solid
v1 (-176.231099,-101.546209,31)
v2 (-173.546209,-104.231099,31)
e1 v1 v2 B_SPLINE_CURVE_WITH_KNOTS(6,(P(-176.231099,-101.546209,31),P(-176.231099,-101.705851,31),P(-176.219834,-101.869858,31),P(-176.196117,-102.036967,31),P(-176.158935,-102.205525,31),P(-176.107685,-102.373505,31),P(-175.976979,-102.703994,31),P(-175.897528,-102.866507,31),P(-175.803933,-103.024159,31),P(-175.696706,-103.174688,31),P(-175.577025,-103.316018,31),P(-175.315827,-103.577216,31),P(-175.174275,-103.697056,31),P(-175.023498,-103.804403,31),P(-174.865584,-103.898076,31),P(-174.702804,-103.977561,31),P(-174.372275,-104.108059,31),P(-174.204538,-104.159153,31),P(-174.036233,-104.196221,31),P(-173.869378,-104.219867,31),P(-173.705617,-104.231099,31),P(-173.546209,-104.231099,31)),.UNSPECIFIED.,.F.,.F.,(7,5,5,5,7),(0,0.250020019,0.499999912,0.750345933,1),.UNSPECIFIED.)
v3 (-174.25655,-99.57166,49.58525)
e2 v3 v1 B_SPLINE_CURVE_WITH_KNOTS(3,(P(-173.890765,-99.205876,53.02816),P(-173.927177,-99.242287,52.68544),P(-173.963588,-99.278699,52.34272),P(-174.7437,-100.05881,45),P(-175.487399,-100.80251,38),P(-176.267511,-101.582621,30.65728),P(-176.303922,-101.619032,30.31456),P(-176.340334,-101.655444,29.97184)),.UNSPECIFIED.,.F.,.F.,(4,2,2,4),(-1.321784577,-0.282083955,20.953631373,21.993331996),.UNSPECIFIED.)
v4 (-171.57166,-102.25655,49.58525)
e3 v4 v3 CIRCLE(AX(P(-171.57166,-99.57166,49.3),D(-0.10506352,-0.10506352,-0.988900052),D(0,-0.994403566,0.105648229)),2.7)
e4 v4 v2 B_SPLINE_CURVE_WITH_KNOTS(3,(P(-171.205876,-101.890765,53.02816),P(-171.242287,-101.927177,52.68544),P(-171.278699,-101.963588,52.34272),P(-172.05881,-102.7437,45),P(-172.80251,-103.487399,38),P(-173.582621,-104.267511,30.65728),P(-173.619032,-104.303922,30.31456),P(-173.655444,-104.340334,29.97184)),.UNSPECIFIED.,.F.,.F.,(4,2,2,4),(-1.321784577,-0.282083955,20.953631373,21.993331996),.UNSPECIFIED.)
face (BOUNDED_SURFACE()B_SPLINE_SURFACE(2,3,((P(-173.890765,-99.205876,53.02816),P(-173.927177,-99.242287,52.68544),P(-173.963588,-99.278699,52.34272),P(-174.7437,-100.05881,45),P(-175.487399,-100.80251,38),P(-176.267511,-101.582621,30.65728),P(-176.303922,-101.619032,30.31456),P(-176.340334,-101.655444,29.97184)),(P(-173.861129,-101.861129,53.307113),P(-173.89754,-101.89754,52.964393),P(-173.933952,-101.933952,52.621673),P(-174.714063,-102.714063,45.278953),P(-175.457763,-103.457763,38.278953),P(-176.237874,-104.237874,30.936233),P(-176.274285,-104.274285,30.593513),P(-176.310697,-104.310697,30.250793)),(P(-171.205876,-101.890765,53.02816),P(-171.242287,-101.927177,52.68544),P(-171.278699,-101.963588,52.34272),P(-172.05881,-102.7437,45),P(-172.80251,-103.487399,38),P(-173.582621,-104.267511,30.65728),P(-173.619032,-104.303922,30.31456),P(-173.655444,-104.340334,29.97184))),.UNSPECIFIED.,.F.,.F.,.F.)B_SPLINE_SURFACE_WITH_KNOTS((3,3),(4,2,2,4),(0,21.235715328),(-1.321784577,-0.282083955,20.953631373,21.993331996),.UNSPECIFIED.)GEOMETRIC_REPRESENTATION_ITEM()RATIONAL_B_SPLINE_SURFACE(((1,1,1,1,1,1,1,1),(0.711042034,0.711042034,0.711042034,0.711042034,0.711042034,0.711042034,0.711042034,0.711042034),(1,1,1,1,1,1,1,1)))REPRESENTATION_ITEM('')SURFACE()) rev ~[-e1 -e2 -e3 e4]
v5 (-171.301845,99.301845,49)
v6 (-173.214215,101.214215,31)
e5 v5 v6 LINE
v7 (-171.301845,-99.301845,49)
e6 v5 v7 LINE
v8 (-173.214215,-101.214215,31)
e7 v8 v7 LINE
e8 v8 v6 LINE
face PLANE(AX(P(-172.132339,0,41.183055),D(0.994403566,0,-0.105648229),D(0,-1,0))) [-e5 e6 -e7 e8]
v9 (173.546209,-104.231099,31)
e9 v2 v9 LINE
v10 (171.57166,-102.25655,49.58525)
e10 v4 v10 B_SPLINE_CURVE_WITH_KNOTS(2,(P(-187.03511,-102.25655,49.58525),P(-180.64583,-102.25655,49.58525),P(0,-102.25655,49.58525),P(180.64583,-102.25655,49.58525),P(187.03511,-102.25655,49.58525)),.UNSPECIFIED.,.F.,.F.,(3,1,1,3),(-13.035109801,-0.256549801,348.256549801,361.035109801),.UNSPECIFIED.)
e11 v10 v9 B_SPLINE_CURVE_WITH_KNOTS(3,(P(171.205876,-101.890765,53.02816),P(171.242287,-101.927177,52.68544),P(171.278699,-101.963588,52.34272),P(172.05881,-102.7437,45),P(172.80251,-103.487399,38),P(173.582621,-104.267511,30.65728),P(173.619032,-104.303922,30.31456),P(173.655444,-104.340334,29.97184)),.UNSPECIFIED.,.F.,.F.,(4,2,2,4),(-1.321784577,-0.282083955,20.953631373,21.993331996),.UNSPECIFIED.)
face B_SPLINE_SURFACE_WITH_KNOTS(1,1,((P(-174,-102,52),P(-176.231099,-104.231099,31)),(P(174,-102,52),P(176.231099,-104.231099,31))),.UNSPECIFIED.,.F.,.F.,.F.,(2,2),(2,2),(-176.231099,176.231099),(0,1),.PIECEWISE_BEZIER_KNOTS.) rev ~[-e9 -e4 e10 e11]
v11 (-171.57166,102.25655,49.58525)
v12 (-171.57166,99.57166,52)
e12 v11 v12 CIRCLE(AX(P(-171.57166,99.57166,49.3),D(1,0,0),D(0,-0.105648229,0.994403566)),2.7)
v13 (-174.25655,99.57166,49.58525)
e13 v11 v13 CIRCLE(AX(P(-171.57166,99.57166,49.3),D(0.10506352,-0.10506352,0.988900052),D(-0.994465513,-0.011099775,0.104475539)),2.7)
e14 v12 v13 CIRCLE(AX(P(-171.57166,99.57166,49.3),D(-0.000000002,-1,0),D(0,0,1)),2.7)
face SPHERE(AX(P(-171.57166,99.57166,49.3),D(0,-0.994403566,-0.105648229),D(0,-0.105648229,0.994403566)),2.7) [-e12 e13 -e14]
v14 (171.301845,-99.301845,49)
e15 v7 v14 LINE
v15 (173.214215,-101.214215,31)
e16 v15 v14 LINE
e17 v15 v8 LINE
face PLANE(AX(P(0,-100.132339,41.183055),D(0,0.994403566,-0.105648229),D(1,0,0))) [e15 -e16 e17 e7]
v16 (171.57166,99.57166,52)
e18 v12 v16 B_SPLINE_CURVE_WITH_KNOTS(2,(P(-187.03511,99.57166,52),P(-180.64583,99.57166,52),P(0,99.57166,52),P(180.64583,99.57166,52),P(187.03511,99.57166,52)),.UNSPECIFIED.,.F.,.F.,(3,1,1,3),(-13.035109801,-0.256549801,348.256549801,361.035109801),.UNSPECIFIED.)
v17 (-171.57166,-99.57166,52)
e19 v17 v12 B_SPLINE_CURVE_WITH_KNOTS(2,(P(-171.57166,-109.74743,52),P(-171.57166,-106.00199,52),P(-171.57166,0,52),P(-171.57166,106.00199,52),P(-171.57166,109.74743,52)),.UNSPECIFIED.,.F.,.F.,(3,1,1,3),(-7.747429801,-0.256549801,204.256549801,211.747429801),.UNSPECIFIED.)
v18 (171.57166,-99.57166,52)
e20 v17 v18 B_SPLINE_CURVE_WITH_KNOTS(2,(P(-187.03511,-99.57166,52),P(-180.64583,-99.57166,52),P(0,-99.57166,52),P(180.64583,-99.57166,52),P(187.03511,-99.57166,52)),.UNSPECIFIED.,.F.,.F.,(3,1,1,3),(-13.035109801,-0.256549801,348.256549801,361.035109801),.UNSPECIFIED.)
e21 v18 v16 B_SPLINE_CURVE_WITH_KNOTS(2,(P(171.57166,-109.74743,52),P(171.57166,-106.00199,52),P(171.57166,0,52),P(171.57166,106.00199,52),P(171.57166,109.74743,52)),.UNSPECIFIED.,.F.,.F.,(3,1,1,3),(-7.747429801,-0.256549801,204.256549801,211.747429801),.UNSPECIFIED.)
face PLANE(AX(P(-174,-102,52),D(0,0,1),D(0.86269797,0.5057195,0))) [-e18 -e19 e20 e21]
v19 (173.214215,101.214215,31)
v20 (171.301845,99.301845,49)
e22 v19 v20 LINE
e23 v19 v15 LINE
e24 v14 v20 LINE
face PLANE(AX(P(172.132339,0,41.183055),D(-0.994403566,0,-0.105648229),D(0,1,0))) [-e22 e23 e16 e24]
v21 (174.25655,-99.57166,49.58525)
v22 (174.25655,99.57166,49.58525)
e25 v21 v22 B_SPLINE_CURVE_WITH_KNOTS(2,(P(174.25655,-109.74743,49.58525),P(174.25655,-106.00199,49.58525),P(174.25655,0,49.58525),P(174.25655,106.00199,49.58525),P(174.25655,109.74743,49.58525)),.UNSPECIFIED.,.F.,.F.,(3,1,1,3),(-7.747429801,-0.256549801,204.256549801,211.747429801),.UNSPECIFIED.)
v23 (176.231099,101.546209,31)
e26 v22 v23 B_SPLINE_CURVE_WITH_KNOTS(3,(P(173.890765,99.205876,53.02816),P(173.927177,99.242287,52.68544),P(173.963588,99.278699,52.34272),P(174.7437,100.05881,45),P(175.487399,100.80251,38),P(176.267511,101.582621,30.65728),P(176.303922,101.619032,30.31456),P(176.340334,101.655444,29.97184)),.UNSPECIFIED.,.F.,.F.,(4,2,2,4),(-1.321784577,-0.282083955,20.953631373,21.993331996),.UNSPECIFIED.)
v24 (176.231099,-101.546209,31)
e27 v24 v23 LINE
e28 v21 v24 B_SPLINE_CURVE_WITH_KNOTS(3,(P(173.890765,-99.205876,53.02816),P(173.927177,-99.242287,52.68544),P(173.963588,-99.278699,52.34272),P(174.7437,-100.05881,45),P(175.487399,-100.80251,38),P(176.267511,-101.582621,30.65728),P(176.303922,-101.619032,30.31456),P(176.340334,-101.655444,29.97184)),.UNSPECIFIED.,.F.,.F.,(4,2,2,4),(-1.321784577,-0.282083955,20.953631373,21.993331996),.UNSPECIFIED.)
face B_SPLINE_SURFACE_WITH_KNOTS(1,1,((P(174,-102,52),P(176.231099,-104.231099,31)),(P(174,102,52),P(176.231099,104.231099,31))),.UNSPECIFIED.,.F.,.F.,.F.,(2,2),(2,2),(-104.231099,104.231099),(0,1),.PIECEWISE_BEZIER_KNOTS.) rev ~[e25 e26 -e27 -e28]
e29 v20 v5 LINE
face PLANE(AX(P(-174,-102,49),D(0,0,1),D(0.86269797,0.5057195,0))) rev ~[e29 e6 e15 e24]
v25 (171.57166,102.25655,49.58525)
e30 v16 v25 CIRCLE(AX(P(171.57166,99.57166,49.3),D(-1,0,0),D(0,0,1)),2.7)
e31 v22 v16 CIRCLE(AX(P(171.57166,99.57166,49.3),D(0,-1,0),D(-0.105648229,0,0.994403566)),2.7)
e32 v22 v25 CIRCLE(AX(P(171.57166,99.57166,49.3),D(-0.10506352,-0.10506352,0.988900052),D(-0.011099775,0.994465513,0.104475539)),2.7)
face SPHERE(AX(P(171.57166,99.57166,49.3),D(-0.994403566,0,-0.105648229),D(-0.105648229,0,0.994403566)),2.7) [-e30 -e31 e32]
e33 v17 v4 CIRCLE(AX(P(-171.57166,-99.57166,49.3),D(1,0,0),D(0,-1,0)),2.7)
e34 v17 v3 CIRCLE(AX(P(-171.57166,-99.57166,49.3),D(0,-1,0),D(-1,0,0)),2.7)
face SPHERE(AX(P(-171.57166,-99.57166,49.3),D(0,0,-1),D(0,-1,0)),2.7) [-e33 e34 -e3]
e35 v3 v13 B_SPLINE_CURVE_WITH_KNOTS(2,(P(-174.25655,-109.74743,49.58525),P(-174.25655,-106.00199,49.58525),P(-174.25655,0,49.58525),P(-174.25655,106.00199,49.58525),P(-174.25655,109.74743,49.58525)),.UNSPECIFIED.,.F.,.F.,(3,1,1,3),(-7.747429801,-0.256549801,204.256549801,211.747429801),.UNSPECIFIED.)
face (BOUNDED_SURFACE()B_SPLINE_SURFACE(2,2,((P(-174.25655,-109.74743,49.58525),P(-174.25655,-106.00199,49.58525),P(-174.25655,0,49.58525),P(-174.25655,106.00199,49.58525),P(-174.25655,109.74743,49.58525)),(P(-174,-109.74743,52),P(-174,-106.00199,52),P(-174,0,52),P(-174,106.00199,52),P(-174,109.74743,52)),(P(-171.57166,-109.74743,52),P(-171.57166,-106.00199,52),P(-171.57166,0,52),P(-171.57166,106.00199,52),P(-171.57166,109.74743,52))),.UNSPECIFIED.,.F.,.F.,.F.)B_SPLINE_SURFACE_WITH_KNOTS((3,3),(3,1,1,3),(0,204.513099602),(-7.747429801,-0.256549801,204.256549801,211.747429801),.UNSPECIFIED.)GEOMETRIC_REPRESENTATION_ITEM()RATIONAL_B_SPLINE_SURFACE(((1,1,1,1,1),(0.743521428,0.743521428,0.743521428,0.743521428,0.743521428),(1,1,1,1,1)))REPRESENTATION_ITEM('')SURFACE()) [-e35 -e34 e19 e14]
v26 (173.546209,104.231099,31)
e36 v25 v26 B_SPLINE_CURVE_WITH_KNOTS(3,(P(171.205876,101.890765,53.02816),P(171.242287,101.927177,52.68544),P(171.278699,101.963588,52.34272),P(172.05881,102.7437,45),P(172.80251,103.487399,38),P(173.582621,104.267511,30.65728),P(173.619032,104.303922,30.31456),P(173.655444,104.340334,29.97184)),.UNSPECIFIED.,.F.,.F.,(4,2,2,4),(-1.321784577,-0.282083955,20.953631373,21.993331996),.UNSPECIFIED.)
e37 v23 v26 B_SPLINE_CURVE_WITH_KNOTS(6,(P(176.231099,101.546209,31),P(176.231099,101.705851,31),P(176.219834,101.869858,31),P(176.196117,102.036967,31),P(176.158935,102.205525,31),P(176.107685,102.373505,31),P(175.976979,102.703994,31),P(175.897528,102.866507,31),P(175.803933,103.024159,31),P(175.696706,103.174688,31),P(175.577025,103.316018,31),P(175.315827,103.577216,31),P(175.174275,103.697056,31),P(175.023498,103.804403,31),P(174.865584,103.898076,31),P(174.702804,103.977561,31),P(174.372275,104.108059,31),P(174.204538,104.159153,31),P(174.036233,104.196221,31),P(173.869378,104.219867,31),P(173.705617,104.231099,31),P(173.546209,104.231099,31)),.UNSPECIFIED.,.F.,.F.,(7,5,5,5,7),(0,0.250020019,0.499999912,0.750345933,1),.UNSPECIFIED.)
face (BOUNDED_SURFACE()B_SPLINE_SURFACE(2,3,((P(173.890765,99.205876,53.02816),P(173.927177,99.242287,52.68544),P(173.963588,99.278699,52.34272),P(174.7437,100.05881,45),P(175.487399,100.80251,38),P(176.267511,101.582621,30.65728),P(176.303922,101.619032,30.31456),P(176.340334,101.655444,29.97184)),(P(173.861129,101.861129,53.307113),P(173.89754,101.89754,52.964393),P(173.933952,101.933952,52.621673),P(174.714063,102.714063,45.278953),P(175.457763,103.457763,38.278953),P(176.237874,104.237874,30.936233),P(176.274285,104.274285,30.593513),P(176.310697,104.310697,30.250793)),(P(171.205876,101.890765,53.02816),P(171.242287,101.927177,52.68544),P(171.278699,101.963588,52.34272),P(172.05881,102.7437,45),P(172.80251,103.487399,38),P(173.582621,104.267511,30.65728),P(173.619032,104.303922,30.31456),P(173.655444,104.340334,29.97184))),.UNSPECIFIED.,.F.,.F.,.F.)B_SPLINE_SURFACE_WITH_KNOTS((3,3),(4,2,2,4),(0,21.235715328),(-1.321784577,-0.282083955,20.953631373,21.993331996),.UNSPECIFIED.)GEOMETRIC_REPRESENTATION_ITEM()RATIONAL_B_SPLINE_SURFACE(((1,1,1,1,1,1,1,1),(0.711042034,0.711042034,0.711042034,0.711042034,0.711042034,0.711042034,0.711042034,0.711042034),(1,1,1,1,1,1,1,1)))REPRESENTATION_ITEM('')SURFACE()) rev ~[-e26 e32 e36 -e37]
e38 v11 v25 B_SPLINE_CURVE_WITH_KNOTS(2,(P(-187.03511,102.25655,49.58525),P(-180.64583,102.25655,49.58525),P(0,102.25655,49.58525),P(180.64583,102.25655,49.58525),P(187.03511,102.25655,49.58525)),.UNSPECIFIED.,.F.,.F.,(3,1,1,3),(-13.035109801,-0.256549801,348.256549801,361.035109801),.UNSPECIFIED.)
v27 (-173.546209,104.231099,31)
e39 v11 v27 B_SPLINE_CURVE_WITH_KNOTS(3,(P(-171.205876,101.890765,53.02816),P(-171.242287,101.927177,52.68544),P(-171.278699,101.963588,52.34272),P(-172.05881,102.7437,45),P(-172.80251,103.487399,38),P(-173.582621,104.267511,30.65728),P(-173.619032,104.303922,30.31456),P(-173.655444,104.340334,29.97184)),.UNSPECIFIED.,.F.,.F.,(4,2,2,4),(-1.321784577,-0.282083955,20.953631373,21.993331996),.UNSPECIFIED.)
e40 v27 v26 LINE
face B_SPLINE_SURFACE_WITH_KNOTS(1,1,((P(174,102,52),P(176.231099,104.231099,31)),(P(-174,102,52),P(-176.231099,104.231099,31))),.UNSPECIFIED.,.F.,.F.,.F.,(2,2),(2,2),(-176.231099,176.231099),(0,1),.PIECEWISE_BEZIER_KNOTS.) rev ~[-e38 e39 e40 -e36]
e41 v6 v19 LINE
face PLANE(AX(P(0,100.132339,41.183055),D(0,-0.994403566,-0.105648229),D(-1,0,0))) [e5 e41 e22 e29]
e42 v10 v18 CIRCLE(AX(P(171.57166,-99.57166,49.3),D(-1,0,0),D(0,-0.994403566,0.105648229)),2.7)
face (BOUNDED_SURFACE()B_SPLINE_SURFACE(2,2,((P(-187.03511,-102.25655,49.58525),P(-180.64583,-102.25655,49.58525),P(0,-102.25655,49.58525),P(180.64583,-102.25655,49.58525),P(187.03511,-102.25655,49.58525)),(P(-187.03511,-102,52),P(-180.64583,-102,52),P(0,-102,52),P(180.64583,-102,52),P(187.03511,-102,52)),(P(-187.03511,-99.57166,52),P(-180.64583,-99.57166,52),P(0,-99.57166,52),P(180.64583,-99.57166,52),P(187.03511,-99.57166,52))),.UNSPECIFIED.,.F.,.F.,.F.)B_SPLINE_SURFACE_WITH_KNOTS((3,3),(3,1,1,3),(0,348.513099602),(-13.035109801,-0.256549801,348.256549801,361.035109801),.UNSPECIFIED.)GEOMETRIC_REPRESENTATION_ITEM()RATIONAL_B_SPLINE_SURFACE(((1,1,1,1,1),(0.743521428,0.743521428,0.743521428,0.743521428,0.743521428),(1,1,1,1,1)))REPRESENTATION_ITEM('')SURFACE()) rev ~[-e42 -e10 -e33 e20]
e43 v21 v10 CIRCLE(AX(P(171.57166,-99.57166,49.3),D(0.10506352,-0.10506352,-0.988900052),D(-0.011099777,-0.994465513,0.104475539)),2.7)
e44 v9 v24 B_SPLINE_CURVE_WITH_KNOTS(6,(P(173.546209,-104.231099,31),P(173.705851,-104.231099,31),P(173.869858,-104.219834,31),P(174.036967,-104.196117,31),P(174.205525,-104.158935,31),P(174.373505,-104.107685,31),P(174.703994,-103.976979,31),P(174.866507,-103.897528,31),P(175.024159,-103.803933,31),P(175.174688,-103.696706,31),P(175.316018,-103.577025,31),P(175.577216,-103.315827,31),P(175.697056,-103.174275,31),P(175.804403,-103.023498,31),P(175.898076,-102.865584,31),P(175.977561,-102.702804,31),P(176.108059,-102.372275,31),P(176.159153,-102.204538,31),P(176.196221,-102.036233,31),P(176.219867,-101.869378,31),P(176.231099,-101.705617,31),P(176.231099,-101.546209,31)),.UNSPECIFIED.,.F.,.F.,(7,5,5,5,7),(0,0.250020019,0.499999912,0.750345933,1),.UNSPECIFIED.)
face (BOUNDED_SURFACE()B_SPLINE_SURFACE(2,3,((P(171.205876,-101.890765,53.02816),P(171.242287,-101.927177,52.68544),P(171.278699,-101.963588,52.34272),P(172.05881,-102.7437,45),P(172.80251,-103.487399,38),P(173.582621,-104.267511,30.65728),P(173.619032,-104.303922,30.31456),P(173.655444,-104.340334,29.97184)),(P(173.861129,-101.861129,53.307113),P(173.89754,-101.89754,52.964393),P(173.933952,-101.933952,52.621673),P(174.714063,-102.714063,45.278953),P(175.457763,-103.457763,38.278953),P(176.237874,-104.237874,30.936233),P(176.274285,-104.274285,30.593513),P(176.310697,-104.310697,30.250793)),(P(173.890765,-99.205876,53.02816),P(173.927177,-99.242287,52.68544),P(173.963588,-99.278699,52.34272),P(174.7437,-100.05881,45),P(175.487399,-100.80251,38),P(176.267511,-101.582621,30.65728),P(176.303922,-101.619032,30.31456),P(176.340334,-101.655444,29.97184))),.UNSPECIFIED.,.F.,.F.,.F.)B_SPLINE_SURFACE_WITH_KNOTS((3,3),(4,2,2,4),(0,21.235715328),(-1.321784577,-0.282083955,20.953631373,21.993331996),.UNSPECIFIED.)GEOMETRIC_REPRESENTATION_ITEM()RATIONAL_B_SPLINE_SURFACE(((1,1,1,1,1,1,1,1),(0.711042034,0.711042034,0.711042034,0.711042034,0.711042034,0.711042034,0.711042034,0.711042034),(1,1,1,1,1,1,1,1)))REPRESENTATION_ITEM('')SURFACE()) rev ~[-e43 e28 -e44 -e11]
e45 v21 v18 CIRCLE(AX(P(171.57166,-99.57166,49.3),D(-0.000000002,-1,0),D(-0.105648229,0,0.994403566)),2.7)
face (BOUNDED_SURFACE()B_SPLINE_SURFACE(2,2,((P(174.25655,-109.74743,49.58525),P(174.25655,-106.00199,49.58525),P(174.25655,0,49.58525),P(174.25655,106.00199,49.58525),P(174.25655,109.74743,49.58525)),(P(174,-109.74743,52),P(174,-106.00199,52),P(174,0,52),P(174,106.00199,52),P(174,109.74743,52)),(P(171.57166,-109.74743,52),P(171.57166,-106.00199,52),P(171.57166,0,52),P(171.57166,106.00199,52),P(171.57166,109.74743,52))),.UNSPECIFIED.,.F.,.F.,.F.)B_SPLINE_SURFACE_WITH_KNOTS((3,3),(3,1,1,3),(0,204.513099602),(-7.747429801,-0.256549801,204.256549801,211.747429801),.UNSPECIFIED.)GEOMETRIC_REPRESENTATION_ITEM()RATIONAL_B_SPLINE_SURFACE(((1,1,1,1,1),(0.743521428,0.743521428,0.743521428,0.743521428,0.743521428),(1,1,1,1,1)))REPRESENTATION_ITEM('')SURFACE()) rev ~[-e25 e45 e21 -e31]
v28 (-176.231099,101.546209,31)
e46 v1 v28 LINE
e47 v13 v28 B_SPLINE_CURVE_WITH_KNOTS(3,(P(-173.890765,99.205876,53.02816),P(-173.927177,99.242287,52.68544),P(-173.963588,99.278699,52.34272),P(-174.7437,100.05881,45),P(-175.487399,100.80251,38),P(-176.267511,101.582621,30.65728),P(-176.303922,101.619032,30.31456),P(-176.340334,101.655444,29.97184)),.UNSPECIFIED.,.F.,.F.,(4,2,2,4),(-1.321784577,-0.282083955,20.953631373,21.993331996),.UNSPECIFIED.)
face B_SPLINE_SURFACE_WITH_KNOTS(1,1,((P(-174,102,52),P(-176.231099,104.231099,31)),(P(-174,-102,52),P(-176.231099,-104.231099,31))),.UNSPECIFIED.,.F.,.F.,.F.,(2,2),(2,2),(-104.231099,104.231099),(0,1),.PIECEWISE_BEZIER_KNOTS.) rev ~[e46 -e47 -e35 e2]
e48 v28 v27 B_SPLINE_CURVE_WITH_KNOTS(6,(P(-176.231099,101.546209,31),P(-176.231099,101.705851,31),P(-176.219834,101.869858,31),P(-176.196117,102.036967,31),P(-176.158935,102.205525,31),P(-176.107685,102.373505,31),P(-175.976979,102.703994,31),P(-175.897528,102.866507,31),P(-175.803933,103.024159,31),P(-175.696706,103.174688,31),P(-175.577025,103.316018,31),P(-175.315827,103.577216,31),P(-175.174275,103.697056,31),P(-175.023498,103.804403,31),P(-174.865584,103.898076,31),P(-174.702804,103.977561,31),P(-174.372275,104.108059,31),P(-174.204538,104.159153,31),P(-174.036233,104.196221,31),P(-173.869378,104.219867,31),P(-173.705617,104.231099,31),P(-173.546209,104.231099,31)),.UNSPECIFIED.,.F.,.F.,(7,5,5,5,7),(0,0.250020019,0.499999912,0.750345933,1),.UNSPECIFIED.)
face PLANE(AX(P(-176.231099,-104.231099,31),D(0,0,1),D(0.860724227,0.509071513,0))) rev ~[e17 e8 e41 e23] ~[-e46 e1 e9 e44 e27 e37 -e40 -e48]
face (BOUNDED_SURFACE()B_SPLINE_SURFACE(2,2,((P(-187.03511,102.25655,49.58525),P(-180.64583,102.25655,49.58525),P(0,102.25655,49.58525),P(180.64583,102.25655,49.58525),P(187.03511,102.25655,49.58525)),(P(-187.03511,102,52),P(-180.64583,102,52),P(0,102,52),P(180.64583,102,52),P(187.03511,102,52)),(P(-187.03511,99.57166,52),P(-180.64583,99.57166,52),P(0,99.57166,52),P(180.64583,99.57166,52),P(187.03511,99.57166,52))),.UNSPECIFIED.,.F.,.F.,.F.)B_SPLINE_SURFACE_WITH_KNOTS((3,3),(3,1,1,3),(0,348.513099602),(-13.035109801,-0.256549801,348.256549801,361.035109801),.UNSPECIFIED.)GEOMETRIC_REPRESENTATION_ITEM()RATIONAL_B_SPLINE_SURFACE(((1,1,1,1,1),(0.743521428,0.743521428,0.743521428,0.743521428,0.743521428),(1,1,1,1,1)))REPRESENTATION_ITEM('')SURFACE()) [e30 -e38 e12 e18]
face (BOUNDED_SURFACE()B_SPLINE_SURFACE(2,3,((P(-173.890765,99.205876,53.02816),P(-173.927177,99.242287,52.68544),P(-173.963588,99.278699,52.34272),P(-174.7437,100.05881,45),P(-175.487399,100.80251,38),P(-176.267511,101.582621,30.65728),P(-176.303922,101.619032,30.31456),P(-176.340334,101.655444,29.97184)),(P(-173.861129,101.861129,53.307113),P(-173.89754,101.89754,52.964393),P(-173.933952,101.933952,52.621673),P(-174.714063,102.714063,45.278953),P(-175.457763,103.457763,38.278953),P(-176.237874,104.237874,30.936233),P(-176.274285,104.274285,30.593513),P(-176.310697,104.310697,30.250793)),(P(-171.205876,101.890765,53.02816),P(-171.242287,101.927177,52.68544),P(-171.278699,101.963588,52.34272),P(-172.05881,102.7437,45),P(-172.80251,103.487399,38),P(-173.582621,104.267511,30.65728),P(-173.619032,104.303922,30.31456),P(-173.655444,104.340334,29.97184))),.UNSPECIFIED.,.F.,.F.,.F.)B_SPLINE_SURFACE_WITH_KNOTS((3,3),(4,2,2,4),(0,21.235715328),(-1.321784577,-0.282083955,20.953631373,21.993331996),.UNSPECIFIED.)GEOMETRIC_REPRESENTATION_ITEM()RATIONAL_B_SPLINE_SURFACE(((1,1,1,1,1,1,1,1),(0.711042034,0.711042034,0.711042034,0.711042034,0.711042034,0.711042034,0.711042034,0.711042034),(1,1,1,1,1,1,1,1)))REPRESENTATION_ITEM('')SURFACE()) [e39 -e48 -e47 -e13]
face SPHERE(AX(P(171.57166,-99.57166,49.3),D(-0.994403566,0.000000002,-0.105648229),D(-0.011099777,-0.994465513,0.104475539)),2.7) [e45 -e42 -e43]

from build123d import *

# Parameters (mm, degrees)
SKETCH002_W = 348
SKETCH002_H = 204
SKETCH001_W = 352.462198
SKETCH001_H = 208.462198
THICKNESS_T = -3
FILLET_R    = 2.7


with BuildPart() as part:
    # Sketch002 → AdditiveLoft section 0
    with BuildSketch(Plane.XY.offset(52)):
        Rectangle(SKETCH002_W, SKETCH002_H)
    # Sketch001 → AdditiveLoft section 1
    with BuildSketch(Plane.XY.offset(31)):
        Rectangle(SKETCH001_W, SKETCH001_H)
    loft()

    # Thickness
    thickness_openings = [part.faces().sort_by_distance(p)[0] for p in [
        (0, 0, 31),
    ]]
    offset(amount=THICKNESS_T, openings=thickness_openings, kind=Kind.INTERSECTION)

    # Fillet
    fillet_edges = [part.edges().sort_by_distance(p)[0] for p in [
        (-175.115549, -103.115549, 41.5),
        (0, -102, 52),
        (-174, 0, 52),
        (0, 102, 52),
        (175.115549, -103.115549, 41.5),
        (174, 0, 52),
        (175.115549, 103.115549, 41.5),
        (-175.115549, 103.115549, 41.5),
    ]]
    fillet(fillet_edges, radius=FILLET_R)


solid = part.part
